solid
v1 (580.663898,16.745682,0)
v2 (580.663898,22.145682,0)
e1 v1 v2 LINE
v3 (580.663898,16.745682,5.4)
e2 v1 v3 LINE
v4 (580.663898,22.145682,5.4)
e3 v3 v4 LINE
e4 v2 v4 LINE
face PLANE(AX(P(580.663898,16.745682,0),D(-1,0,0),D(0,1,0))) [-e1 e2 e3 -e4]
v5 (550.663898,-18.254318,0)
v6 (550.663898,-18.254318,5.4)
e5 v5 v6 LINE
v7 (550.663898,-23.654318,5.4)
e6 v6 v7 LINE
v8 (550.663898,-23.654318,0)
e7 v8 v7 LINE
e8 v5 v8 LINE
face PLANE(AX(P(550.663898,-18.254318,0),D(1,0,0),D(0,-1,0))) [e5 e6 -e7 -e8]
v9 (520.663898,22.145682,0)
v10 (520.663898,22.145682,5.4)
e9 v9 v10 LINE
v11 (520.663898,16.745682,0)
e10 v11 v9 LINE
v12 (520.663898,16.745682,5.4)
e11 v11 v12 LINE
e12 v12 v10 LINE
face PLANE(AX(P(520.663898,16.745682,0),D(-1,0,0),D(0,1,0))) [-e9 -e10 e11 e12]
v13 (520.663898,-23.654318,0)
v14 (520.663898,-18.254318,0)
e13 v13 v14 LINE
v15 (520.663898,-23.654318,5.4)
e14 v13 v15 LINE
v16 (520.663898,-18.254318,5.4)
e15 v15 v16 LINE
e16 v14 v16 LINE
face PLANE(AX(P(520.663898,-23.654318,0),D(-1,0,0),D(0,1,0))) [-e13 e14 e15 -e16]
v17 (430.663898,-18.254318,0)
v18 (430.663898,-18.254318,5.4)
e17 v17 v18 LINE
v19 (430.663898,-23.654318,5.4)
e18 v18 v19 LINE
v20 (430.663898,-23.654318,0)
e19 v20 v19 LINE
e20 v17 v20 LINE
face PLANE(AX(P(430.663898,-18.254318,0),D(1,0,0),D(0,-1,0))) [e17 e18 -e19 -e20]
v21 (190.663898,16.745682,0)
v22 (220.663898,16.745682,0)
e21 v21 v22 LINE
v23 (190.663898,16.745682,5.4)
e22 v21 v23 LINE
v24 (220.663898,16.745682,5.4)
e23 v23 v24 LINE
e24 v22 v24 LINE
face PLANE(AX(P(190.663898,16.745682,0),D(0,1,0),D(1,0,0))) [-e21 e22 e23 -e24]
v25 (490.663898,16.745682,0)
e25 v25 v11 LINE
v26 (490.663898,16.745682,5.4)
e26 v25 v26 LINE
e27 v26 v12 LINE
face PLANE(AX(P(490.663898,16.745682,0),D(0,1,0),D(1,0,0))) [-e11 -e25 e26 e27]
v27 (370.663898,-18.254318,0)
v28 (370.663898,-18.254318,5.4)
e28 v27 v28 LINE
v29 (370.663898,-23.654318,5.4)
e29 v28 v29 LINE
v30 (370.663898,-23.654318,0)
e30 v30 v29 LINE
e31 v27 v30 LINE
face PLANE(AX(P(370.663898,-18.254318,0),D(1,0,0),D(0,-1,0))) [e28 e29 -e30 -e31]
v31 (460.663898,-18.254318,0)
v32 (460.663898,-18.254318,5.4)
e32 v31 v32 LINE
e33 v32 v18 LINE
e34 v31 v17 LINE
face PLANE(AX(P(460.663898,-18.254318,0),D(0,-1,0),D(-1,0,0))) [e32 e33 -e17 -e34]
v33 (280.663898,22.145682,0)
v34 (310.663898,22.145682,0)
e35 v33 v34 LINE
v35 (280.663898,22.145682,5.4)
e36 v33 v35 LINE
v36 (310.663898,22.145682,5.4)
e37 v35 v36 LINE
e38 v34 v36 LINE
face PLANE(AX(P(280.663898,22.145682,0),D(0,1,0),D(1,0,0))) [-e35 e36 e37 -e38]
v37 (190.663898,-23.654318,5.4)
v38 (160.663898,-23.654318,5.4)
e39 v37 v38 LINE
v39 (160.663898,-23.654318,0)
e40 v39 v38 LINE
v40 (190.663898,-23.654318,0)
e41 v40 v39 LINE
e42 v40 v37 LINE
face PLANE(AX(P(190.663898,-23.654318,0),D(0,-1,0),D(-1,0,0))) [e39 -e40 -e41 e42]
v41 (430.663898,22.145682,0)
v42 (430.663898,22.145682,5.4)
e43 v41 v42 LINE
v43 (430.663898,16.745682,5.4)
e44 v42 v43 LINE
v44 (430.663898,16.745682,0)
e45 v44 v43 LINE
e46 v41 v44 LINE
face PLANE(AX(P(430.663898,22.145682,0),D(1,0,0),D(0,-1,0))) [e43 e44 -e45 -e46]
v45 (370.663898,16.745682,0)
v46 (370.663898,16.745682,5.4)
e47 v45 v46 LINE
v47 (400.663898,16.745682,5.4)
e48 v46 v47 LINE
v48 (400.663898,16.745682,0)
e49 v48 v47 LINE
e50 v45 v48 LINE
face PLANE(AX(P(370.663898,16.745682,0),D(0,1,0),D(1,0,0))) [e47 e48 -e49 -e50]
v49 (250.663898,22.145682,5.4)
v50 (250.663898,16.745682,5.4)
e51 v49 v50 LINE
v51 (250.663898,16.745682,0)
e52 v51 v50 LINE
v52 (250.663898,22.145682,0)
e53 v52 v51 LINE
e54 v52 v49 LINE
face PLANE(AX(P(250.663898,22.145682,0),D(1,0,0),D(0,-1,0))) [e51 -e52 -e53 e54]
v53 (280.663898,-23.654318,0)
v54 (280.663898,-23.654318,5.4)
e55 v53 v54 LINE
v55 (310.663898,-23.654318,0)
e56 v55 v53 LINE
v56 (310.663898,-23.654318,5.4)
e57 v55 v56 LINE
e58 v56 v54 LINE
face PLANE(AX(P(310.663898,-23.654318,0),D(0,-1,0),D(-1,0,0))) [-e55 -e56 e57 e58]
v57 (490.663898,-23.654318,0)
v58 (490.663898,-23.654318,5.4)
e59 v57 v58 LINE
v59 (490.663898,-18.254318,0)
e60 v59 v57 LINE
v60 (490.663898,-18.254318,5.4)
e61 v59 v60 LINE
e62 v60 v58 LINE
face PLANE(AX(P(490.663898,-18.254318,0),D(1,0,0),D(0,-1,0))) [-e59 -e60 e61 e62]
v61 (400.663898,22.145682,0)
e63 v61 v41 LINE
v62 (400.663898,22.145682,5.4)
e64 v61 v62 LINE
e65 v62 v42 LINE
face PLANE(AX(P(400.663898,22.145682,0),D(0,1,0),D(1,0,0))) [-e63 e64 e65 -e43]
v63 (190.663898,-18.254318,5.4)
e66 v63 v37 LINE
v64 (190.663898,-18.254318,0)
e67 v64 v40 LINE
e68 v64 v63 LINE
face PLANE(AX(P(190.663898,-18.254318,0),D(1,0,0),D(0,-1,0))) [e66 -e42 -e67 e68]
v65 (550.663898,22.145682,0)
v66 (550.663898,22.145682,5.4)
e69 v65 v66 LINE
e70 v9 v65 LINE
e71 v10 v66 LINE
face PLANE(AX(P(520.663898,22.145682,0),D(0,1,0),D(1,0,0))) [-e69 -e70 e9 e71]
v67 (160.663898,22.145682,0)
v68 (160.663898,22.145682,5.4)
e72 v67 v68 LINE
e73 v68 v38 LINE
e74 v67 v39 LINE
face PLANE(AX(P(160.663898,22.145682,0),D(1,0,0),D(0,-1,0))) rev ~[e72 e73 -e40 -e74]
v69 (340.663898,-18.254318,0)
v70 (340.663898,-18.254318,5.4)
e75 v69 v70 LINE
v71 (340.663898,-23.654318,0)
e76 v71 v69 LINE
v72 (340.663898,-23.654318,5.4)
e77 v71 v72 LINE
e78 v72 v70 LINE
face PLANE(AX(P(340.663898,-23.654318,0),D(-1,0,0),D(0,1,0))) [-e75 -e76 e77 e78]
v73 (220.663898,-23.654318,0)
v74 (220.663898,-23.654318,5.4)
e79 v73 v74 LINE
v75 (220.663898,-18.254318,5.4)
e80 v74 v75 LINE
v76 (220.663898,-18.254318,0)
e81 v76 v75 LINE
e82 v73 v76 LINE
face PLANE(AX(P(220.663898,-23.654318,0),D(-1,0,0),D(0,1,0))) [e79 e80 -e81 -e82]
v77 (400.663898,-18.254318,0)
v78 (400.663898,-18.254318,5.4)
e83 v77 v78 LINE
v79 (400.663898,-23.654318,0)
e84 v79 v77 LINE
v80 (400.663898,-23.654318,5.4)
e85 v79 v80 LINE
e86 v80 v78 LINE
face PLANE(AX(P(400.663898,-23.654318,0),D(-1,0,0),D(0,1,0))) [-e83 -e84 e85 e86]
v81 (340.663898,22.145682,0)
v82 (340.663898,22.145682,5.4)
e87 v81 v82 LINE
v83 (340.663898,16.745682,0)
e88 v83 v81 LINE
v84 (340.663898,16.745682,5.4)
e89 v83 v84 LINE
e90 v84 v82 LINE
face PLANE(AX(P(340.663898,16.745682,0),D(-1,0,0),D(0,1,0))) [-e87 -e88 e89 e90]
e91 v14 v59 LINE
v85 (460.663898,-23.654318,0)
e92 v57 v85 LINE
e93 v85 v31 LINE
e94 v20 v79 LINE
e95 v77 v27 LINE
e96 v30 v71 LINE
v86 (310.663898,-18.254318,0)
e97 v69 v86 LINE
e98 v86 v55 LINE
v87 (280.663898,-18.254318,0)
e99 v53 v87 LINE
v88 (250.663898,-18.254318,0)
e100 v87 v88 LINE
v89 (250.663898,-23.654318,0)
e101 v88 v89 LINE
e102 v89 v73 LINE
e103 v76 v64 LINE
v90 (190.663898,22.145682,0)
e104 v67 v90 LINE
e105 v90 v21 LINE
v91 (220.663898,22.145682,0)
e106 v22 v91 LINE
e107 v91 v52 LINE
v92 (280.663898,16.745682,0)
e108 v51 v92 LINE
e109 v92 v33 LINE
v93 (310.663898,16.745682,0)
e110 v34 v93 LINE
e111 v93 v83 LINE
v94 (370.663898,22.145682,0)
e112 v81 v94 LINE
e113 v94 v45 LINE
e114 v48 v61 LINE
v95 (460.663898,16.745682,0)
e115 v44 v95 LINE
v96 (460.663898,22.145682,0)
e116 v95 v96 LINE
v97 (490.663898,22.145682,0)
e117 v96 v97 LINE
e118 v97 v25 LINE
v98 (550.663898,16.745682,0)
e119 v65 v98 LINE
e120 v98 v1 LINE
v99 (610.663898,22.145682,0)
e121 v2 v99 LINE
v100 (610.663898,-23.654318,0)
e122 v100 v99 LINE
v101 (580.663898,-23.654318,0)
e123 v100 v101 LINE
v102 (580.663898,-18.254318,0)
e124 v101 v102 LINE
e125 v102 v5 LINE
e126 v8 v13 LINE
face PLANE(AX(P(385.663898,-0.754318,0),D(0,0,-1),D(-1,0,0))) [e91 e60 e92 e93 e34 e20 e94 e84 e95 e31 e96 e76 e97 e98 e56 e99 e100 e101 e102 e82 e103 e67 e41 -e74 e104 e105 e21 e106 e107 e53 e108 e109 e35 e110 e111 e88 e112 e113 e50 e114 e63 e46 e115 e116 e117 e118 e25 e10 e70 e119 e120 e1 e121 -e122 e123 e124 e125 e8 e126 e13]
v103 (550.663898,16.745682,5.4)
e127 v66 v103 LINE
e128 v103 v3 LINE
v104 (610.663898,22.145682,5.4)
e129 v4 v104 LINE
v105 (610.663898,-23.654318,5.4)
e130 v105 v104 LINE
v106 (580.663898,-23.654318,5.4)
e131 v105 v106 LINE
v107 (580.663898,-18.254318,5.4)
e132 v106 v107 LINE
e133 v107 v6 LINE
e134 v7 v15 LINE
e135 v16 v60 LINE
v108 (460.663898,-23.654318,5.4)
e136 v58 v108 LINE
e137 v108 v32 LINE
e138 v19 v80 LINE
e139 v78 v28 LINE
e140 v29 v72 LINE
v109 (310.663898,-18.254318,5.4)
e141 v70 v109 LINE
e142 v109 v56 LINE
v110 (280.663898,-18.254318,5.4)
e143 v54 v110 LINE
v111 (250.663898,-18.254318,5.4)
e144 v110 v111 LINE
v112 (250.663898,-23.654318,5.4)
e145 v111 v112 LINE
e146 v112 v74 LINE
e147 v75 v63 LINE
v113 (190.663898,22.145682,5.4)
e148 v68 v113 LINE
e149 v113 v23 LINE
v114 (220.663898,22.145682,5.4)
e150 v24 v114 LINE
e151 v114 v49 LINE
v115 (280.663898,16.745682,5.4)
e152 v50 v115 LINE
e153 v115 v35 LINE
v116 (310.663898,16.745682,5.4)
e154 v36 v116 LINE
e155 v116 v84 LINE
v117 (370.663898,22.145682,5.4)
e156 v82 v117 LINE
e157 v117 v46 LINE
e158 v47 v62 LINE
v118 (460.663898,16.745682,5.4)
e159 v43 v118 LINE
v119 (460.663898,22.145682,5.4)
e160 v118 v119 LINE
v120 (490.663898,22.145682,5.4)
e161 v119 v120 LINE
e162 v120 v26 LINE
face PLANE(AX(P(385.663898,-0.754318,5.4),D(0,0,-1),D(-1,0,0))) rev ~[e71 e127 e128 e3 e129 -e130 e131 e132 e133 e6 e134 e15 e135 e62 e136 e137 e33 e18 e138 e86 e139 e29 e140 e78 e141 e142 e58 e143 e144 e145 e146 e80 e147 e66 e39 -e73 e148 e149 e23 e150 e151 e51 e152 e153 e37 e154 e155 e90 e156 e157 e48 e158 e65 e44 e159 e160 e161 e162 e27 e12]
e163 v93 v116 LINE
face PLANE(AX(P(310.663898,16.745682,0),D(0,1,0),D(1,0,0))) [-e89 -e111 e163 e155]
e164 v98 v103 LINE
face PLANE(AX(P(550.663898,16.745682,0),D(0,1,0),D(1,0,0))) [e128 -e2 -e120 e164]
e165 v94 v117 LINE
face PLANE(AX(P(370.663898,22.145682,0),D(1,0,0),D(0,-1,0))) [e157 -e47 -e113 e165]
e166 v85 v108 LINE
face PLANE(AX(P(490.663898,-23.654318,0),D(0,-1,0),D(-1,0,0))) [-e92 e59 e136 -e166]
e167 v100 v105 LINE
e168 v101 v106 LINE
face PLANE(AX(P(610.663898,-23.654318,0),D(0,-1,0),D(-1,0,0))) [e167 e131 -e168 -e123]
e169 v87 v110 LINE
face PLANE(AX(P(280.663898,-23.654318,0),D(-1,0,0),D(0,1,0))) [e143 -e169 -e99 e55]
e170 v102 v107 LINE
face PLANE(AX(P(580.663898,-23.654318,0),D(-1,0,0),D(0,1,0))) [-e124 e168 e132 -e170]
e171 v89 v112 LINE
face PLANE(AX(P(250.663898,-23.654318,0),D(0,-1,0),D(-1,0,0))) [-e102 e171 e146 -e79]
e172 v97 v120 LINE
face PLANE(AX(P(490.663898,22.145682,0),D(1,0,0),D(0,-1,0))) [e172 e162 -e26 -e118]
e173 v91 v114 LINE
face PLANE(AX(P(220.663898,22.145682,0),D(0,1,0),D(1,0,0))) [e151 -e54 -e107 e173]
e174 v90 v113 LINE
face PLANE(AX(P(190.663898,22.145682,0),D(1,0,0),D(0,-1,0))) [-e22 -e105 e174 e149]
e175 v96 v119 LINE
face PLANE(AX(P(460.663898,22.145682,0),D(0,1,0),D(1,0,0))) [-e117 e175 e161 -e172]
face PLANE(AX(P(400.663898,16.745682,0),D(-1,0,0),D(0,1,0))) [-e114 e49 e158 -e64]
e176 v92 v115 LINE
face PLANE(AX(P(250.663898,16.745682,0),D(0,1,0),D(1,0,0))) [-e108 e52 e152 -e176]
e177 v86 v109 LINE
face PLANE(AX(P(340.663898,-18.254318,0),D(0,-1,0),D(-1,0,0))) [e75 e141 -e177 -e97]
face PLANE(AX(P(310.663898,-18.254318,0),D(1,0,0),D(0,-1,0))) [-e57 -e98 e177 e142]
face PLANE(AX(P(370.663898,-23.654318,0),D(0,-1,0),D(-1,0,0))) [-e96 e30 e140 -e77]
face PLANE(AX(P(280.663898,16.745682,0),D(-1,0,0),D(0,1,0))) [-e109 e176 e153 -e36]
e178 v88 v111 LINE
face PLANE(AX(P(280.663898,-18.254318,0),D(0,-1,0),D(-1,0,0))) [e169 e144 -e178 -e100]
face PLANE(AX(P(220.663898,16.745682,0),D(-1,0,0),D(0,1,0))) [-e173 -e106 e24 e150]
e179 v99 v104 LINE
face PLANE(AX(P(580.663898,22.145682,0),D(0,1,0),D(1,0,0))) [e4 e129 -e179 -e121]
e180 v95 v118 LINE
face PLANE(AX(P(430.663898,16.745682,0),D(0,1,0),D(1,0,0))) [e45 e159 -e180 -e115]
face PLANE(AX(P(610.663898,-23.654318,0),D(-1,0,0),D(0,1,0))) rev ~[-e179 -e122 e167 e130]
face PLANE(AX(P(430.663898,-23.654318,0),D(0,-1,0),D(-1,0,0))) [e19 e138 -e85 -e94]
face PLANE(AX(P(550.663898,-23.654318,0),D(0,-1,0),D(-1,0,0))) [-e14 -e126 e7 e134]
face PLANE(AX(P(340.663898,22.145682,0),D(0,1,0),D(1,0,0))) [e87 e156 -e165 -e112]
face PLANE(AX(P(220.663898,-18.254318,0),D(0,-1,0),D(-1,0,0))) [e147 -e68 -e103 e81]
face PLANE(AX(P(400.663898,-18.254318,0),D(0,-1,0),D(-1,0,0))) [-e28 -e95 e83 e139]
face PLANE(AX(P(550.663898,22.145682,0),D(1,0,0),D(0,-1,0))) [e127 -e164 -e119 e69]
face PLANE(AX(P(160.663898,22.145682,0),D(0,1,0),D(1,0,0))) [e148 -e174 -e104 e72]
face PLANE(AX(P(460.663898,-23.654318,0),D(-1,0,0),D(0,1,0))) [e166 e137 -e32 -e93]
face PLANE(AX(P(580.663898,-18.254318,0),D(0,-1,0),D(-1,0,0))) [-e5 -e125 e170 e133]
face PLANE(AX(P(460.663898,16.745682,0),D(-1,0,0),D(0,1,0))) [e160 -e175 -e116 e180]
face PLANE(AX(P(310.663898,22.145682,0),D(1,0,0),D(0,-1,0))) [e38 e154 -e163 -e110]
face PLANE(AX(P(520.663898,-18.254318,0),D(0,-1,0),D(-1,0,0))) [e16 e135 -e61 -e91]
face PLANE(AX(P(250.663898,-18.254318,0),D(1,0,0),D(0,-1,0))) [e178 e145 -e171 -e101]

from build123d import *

# Parameters (mm, degrees)
BOSS_EXTRUDE1_DEPTH = 5.4


with BuildPart() as part:
    # Sketch2 → Boss-Extrude1 (new body)
    with BuildSketch(Plane.XY):
        Polygon((220.663898236, 16.745681737), (220.663898236, 22.145681737), (250.663898236, 22.145681737), (250.663898236, 16.745681737), (280.663898236, 16.745681737), (280.663898236, 22.145681737), (310.663898236, 22.145681737), (310.663898236, 16.745681737), (340.663898236, 16.745681737), (340.663898236, 22.145681737), (370.663898236, 22.145681737), (370.663898236, 16.745681737), (400.663898236, 16.745681737), (400.663898236, 22.145681737), (430.663898236, 22.145681737), (430.663898236, 16.745681737), (460.663898236, 16.745681737), (460.663898236, 22.145681737), (490.663898236, 22.145681737), (490.663898236, 16.745681737), (520.663898236, 16.745681737), (520.663898236, 22.145681737), (550.663898236, 22.145681737), (550.663898236, 16.745681737), (580.663898236, 16.745681737), (580.663898236, 22.145681737), (610.663898236, 22.145681737), (610.663898236, 16.745681737), (610.663898236, -18.254318263), (610.663898236, -23.654318263), (580.663898236, -23.654318263), (580.663898236, -18.254318263), (550.663898236, -18.254318263), (550.663898236, -23.654318263), (520.663898236, -23.654318263), (520.663898236, -18.254318263), (490.663898236, -18.254318263), (490.663898236, -23.654318263), (460.663898236, -23.654318263), (460.663898236, -18.254318263), (430.663898236, -18.254318263), (430.663898236, -23.654318263), (400.663898236, -23.654318263), (400.663898236, -18.254318263), (370.663898236, -18.254318263), (370.663898236, -23.654318263), (340.663898236, -23.654318263), (340.663898236, -18.254318263), (310.663898236, -18.254318263), (310.663898236, -23.654318263), (280.663898236, -23.654318263), (280.663898236, -18.254318263), (250.663898236, -18.254318263), (250.663898236, -23.654318263), (220.663898236, -23.654318263), (220.663898236, -18.254318263), (190.663898236, -18.254318263), (190.663898236, -23.654318263), (160.663898236, -23.654318263), (160.663898236, -18.254318263), (160.663898236, 16.745681737), (160.663898236, 22.145681737), (190.663898236, 22.145681737), (190.663898236, 16.745681737), align=None)
    extrude(amount=BOSS_EXTRUDE1_DEPTH)


solid = part.part
